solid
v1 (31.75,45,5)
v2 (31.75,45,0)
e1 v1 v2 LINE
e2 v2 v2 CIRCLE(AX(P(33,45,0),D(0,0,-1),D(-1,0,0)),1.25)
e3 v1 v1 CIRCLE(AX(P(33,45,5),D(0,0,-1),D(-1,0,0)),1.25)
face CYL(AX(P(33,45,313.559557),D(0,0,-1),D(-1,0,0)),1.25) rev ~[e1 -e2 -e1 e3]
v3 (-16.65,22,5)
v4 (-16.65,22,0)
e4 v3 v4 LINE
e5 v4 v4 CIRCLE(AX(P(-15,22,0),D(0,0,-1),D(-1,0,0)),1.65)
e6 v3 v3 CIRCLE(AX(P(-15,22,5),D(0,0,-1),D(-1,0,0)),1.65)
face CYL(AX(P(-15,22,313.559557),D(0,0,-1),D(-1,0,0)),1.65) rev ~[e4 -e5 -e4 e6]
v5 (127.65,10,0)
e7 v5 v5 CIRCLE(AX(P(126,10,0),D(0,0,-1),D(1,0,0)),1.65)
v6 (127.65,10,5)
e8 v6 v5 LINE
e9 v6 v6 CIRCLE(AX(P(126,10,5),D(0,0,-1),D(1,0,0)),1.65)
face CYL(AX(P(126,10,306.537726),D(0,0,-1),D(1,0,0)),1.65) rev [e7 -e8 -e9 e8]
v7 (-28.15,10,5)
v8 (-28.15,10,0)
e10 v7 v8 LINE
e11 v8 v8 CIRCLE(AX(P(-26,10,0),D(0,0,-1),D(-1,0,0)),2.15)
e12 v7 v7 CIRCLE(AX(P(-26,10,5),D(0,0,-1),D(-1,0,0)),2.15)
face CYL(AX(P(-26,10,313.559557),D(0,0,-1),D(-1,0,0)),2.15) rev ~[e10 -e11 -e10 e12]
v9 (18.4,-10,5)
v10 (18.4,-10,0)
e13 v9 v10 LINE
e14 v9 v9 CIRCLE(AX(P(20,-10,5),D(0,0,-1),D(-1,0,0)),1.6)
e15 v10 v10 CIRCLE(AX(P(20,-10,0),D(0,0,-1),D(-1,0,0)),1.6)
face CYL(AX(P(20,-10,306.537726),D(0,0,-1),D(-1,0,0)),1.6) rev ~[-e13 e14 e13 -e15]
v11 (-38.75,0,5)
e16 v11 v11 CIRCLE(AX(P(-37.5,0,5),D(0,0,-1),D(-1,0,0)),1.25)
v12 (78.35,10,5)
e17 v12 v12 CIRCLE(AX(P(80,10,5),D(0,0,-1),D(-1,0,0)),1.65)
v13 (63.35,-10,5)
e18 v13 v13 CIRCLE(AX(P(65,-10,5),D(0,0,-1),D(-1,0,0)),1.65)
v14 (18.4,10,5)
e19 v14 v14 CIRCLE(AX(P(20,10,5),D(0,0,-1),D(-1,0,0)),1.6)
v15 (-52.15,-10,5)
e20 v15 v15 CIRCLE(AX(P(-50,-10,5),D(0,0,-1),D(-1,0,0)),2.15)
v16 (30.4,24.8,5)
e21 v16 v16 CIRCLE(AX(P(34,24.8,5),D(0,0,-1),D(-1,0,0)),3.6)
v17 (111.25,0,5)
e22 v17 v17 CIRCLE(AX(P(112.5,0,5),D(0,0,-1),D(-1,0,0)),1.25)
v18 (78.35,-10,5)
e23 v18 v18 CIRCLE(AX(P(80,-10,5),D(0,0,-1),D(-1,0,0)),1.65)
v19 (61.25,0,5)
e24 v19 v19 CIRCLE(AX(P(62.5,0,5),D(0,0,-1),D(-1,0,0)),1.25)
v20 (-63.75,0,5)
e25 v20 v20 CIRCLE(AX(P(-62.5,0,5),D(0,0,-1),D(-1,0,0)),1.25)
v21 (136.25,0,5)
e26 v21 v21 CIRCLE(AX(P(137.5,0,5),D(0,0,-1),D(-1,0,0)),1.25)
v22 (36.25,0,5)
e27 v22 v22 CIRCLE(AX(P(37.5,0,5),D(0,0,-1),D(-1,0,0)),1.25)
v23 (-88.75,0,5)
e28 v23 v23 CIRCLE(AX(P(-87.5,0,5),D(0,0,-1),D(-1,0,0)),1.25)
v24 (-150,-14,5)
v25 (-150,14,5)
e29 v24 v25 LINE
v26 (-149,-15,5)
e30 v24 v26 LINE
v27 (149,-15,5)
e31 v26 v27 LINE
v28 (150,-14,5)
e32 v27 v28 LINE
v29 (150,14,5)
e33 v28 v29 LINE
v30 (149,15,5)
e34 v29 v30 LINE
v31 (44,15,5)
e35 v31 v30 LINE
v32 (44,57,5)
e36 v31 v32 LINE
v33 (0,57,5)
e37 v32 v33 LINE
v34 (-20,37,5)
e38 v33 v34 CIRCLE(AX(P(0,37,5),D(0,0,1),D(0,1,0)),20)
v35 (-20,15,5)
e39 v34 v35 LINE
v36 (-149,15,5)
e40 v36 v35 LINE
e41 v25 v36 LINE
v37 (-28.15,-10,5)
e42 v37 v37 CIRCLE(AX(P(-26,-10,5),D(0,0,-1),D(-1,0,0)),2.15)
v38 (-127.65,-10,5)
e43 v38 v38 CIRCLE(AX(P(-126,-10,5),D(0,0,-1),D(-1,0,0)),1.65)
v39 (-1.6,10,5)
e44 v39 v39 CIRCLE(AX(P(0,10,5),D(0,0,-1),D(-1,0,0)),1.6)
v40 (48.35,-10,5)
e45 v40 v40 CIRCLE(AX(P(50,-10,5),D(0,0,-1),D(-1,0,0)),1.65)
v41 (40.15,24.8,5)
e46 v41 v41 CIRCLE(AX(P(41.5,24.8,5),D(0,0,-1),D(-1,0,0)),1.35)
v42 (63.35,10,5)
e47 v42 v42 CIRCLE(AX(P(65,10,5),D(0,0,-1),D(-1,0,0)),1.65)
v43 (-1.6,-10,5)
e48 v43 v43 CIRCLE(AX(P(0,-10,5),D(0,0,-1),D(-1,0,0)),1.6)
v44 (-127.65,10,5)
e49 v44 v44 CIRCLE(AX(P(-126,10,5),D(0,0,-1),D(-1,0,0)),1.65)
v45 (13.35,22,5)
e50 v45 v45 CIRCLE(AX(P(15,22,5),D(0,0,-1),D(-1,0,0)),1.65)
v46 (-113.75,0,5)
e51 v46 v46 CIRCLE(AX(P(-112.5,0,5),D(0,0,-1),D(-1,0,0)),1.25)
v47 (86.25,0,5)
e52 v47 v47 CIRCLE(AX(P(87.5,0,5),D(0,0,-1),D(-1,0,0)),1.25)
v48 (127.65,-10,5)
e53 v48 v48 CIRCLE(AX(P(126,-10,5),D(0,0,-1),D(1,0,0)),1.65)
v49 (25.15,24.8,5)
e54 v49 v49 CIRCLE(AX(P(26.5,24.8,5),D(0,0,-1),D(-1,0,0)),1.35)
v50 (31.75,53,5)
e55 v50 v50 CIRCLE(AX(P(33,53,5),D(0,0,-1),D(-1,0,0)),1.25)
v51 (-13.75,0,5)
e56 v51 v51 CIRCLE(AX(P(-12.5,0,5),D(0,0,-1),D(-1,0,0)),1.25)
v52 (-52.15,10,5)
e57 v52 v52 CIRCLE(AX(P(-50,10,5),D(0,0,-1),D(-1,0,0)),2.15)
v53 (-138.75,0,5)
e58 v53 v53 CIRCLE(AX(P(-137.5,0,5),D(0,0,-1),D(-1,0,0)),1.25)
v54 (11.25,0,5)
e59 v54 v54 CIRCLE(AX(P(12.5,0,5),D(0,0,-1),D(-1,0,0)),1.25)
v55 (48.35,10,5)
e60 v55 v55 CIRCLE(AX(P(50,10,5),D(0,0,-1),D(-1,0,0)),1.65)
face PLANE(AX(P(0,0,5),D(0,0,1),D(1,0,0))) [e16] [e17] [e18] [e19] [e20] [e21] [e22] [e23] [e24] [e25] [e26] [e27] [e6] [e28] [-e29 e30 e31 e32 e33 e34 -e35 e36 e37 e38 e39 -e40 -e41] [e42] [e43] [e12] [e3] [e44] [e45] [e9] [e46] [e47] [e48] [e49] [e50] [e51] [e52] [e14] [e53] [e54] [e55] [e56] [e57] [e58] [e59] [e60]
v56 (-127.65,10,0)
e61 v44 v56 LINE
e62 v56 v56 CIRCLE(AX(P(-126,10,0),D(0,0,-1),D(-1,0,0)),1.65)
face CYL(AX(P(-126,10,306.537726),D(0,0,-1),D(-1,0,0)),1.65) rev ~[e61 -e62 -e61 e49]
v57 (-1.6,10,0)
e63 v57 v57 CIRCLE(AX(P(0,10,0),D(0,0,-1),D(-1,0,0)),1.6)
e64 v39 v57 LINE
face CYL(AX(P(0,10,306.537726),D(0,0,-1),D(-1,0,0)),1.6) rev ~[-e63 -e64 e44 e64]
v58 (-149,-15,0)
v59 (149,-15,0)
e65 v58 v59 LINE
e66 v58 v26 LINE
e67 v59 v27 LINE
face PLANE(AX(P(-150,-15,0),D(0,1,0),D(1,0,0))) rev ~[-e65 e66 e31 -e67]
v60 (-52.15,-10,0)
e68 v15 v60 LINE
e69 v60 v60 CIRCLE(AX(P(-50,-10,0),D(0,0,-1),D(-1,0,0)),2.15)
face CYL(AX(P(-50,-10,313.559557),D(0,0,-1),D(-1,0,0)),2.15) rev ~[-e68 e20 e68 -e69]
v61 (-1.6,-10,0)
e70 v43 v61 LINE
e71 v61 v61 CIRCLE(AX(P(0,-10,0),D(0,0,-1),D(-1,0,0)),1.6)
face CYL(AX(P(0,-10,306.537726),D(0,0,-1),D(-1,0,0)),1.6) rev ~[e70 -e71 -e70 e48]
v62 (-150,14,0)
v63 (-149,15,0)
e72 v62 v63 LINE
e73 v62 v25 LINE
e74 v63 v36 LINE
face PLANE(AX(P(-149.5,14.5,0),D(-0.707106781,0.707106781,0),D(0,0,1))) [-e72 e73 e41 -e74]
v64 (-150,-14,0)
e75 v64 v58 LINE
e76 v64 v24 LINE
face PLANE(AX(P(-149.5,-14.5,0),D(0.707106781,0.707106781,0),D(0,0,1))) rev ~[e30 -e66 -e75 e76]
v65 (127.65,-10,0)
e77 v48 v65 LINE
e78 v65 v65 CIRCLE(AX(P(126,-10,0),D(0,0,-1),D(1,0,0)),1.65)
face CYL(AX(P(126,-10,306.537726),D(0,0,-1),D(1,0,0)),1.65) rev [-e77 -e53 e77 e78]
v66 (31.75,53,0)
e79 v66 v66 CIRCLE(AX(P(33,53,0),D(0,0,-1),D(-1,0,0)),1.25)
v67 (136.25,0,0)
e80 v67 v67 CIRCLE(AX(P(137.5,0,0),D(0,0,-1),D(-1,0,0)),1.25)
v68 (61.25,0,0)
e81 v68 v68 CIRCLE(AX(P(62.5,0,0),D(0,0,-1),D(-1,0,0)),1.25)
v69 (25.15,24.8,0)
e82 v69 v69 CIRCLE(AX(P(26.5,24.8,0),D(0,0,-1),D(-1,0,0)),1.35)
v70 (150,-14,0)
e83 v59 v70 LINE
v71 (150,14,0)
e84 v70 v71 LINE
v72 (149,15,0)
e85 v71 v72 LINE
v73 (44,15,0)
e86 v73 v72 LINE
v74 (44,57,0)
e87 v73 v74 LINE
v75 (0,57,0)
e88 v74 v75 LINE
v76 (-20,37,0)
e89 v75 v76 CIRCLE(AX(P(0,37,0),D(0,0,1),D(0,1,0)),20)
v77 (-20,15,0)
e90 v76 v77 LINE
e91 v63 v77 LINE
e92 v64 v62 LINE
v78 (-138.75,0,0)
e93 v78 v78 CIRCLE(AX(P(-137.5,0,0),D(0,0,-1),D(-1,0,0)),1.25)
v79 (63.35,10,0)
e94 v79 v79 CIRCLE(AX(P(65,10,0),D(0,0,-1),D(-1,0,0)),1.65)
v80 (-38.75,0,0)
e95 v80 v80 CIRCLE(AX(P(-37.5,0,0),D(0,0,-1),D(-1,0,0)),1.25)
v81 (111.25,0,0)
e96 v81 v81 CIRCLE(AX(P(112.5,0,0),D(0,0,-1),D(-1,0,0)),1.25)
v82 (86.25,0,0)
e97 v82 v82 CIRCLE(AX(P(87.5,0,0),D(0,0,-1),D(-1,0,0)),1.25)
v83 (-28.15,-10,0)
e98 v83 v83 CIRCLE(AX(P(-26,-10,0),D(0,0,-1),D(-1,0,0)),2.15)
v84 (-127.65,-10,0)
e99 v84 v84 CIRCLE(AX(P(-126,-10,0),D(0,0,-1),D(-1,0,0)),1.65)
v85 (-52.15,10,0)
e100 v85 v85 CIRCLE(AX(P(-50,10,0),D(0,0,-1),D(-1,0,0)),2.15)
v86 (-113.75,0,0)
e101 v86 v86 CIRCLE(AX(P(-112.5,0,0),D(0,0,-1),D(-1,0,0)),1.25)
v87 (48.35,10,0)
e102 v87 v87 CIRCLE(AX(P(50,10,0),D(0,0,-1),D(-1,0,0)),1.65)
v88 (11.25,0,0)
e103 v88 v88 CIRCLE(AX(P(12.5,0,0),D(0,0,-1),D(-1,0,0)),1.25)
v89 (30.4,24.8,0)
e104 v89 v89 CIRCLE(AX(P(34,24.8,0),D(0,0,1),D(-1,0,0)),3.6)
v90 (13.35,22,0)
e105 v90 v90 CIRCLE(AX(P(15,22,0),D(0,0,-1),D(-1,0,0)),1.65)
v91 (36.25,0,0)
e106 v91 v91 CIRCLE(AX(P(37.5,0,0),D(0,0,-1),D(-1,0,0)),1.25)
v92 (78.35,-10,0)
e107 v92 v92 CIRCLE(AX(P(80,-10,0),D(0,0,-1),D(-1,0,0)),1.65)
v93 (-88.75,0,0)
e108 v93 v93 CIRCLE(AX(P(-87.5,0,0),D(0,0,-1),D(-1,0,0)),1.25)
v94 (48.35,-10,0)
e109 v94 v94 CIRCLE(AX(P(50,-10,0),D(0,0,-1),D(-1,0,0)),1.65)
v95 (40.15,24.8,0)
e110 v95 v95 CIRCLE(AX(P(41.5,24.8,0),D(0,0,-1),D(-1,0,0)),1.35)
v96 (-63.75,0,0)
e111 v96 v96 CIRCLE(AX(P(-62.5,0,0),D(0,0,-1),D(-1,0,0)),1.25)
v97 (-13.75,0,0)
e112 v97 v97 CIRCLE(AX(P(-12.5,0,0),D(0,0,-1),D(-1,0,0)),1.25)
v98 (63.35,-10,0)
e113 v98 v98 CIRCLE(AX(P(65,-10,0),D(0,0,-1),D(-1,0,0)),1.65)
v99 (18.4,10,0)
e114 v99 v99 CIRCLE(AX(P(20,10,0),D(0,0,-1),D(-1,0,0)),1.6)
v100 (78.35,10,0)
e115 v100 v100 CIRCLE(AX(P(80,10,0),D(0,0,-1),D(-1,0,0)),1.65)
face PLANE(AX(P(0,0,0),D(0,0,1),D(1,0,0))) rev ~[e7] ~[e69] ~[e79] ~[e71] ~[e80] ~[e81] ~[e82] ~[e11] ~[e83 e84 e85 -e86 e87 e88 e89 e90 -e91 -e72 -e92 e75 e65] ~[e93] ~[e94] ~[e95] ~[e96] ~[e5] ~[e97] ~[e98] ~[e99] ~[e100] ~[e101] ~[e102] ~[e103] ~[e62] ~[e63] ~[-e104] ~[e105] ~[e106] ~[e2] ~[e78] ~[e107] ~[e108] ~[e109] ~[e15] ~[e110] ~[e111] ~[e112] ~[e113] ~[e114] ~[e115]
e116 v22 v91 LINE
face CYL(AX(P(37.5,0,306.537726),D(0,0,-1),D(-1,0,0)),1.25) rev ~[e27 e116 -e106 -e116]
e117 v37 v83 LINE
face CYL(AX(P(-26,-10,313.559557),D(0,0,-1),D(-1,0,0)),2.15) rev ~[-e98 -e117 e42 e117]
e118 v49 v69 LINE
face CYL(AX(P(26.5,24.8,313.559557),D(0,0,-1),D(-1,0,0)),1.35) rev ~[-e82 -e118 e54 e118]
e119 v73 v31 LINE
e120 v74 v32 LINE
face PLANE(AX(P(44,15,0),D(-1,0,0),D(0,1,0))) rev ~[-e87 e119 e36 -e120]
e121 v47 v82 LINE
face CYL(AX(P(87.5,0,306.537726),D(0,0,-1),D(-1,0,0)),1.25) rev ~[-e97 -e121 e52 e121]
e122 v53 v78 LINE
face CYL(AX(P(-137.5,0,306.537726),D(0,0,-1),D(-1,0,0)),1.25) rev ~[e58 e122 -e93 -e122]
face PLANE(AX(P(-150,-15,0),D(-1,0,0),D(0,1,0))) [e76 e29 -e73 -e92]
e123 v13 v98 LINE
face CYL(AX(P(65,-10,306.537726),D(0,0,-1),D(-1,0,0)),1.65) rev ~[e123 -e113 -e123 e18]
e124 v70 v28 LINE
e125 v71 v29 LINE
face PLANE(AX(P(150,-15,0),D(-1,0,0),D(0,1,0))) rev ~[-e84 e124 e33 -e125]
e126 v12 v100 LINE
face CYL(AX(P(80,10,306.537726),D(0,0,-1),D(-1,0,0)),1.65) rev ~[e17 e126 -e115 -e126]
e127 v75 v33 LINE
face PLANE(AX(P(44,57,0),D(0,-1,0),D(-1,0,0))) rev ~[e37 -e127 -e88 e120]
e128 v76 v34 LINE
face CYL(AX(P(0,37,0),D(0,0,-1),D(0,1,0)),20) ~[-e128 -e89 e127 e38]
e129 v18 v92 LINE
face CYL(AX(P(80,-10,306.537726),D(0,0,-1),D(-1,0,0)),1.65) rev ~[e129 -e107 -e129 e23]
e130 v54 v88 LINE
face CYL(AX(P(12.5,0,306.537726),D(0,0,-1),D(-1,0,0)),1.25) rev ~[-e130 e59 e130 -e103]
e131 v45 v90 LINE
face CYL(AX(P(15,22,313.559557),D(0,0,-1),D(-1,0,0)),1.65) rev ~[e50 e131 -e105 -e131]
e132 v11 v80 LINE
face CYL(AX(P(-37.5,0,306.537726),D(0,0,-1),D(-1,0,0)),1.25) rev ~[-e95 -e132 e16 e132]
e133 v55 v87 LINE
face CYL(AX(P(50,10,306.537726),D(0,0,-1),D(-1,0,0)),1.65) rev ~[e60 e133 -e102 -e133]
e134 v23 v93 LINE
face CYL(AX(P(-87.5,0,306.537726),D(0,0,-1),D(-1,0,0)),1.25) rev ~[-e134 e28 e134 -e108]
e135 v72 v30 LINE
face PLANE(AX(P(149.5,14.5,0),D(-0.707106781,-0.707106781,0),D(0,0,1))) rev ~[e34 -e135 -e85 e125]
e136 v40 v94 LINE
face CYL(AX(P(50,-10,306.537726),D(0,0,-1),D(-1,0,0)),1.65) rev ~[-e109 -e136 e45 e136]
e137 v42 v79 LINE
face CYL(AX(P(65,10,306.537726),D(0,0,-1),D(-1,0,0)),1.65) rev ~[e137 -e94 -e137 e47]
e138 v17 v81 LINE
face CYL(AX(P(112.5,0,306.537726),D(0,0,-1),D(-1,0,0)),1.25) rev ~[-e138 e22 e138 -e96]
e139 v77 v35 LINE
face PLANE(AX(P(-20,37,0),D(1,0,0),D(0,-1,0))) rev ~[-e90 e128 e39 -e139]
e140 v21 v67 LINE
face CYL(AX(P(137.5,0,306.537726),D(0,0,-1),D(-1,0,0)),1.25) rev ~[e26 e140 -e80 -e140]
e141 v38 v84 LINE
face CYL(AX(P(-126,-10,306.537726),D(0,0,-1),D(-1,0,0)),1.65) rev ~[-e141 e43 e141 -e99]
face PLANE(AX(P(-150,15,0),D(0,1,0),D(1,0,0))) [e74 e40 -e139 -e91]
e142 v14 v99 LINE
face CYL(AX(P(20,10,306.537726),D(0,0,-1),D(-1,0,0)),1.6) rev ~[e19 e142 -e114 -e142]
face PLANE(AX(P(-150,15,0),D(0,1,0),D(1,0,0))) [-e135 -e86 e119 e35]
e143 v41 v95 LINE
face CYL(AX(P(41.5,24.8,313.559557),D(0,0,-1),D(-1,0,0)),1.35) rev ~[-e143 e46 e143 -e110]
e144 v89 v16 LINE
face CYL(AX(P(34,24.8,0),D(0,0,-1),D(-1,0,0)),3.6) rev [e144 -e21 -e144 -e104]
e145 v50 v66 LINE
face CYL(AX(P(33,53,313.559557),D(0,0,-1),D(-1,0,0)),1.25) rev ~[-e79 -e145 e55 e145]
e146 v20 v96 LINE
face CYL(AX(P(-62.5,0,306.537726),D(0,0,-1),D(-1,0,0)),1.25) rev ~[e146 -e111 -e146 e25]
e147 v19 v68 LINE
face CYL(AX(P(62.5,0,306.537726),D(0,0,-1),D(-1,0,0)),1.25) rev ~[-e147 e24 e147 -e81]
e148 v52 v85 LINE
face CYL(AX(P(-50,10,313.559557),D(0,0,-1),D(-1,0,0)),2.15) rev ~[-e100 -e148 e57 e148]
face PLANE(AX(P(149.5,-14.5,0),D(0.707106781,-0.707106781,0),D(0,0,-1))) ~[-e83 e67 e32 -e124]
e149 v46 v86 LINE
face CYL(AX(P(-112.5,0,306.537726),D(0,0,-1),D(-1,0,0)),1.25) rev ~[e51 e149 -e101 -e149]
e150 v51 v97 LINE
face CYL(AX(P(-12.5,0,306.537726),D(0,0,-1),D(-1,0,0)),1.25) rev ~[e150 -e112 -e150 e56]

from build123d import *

# Parameters (mm, degrees)
SKETCH_1_W                 = 300
SKETCH_1_H                 = 30
EXTRUDE_1_DEPTH            = 5
CHAMFER_1_SIZE             = 1
HOLE_WIZARD_M3_1_D         = 3.2
M3X0_5_1_D                 = 2.5
M4X0_7_1_D                 = 3.3
M4X0_7_2_D                 = 3.3
PATTERN_LINEAR_1_COUNT     = 6
PATTERN_LINEAR_1_PITCH     = 25
PATTERN_LINEAR_1_COL_COUNT = 7
PATTERN_LINEAR_1_COL_PITCH = 25
EXTRUDE_3_DEPTH            = 5
SKETCH_13_R                = 3.6
CUT_EXTRUDE_2_DEPTH        = 161.542829177
HOLE_WIZARD_M2_5_1_D       = 2.7
M4X0_7_3_D                 = 3.3
HOLE_WIZARD_M4_1_D         = 4.3
M3X0_5_2_D                 = 2.5


with BuildPart() as part:
    # 草圖1 → 填料-伸長1 (new body)
    with BuildSketch(Plane.XY):
        Rectangle(SKETCH_1_W, SKETCH_1_H)
    extrude(amount=EXTRUDE_1_DEPTH)

    # 導角1
    chamfer_1_edges = [part.edges().sort_by_distance(p)[0] for p in [
        (150, -15, 2.5),
        (-150, -15, 2.5),
        (-150, 15, 2.5),
        (150, 15, 2.5),
    ]]
    chamfer(chamfer_1_edges, length=CHAMFER_1_SIZE)

    # M3 餘隙孔1 (through all)
    with Locations(Plane.XY.offset(5)):
        with Locations((20, -10), (20, 10), (0, -10), (0, 10)):
            Hole(HOLE_WIZARD_M3_1_D / 2)

    # M3x0.5 螺紋孔1 (through all)
    with Locations(Plane.XY.offset(5)):
        with Locations((-12.5, 0)):
            m3x0_5_1 = Hole(M3X0_5_1_D / 2)

    # M4x0.7 螺紋孔1 (through all)
    with Locations(Plane.XY.offset(5)):
        with Locations((80, 10), (50, -10), (50, 10), (80, -10), (65, 10), (65, -10)):
            Hole(M4X0_7_1_D / 2)

    # M4x0.7 螺紋孔2 (through all)
    with Locations(Plane.XY.offset(5)):
        with Locations((-126, 10), (-126, -10)):
            m4x0_7_2 = Hole(M4X0_7_2_D / 2)

    # 直線複製排列1: M3x0.5 螺紋孔1 ×6
    with Locations(*[(-i * PATTERN_LINEAR_1_PITCH, 0, 0) for i in range(1, PATTERN_LINEAR_1_COUNT)]):
        add(m3x0_5_1, mode=Mode.SUBTRACT)

    # 直線複製排列1 col: M3x0.5 螺紋孔1 ×7
    with Locations(*[(i * PATTERN_LINEAR_1_COL_PITCH, 0, 0) for i in range(1, PATTERN_LINEAR_1_COL_COUNT)]):
        add(m3x0_5_1, mode=Mode.SUBTRACT)

    # 鏡射1: M4x0.7 螺紋孔2 across plane
    add(m4x0_7_2.mirror(Plane(origin=(0, 0, 0), x_dir=(0, 0, 1), z_dir=(1, 0, 0))), mode=Mode.SUBTRACT)

    # 草圖16 → 填料-伸長3 (add, through all)
    with BuildSketch(Plane.XY):
        with BuildLine():
            Line((-20, 15), (44, 15))
            Line((44, 15), (44, 57))
            Line((44, 57), (0, 57))
            ThreePointArc((0, 57), (-14.142135624, 51.142135624), (-20, 37))
            Line((-20, 37), (-20, 15))
        make_face()
    extrude(amount=EXTRUDE_3_DEPTH)

    # 草圖13 → 除料-伸長2 (cut, through all)
    with BuildSketch(Plane.XY):
        with Locations(Location((34, 24.8, 0), (0, 0, 180))):
            Circle(SKETCH_13_R)
    extrude(amount=CUT_EXTRUDE_2_DEPTH, mode=Mode.SUBTRACT)

    # M2.5 餘隙孔1 (through all)
    with Locations(Plane.XY.offset(5)):
        with Locations((26.5, 24.8), (41.5, 24.8)):
            Hole(HOLE_WIZARD_M2_5_1_D / 2)

    # M4x0.7 螺紋孔3 (through all)
    with Locations(Plane.XY.offset(5)):
        with Locations((15, 22), (-15, 22)):
            Hole(M4X0_7_3_D / 2)

    # M4 餘隙孔1 (through all)
    with Locations(Plane.XY.offset(5)):
        with Locations((-26, -10), (-26, 10), (-50, -10), (-50, 10)):
            Hole(HOLE_WIZARD_M4_1_D / 2)

    # M3x0.5 螺紋孔2 (through all)
    with Locations(Plane.XY.offset(5)):
        with Locations((33, 53), (33, 45)):
            Hole(M3X0_5_2_D / 2)


solid = part.part
